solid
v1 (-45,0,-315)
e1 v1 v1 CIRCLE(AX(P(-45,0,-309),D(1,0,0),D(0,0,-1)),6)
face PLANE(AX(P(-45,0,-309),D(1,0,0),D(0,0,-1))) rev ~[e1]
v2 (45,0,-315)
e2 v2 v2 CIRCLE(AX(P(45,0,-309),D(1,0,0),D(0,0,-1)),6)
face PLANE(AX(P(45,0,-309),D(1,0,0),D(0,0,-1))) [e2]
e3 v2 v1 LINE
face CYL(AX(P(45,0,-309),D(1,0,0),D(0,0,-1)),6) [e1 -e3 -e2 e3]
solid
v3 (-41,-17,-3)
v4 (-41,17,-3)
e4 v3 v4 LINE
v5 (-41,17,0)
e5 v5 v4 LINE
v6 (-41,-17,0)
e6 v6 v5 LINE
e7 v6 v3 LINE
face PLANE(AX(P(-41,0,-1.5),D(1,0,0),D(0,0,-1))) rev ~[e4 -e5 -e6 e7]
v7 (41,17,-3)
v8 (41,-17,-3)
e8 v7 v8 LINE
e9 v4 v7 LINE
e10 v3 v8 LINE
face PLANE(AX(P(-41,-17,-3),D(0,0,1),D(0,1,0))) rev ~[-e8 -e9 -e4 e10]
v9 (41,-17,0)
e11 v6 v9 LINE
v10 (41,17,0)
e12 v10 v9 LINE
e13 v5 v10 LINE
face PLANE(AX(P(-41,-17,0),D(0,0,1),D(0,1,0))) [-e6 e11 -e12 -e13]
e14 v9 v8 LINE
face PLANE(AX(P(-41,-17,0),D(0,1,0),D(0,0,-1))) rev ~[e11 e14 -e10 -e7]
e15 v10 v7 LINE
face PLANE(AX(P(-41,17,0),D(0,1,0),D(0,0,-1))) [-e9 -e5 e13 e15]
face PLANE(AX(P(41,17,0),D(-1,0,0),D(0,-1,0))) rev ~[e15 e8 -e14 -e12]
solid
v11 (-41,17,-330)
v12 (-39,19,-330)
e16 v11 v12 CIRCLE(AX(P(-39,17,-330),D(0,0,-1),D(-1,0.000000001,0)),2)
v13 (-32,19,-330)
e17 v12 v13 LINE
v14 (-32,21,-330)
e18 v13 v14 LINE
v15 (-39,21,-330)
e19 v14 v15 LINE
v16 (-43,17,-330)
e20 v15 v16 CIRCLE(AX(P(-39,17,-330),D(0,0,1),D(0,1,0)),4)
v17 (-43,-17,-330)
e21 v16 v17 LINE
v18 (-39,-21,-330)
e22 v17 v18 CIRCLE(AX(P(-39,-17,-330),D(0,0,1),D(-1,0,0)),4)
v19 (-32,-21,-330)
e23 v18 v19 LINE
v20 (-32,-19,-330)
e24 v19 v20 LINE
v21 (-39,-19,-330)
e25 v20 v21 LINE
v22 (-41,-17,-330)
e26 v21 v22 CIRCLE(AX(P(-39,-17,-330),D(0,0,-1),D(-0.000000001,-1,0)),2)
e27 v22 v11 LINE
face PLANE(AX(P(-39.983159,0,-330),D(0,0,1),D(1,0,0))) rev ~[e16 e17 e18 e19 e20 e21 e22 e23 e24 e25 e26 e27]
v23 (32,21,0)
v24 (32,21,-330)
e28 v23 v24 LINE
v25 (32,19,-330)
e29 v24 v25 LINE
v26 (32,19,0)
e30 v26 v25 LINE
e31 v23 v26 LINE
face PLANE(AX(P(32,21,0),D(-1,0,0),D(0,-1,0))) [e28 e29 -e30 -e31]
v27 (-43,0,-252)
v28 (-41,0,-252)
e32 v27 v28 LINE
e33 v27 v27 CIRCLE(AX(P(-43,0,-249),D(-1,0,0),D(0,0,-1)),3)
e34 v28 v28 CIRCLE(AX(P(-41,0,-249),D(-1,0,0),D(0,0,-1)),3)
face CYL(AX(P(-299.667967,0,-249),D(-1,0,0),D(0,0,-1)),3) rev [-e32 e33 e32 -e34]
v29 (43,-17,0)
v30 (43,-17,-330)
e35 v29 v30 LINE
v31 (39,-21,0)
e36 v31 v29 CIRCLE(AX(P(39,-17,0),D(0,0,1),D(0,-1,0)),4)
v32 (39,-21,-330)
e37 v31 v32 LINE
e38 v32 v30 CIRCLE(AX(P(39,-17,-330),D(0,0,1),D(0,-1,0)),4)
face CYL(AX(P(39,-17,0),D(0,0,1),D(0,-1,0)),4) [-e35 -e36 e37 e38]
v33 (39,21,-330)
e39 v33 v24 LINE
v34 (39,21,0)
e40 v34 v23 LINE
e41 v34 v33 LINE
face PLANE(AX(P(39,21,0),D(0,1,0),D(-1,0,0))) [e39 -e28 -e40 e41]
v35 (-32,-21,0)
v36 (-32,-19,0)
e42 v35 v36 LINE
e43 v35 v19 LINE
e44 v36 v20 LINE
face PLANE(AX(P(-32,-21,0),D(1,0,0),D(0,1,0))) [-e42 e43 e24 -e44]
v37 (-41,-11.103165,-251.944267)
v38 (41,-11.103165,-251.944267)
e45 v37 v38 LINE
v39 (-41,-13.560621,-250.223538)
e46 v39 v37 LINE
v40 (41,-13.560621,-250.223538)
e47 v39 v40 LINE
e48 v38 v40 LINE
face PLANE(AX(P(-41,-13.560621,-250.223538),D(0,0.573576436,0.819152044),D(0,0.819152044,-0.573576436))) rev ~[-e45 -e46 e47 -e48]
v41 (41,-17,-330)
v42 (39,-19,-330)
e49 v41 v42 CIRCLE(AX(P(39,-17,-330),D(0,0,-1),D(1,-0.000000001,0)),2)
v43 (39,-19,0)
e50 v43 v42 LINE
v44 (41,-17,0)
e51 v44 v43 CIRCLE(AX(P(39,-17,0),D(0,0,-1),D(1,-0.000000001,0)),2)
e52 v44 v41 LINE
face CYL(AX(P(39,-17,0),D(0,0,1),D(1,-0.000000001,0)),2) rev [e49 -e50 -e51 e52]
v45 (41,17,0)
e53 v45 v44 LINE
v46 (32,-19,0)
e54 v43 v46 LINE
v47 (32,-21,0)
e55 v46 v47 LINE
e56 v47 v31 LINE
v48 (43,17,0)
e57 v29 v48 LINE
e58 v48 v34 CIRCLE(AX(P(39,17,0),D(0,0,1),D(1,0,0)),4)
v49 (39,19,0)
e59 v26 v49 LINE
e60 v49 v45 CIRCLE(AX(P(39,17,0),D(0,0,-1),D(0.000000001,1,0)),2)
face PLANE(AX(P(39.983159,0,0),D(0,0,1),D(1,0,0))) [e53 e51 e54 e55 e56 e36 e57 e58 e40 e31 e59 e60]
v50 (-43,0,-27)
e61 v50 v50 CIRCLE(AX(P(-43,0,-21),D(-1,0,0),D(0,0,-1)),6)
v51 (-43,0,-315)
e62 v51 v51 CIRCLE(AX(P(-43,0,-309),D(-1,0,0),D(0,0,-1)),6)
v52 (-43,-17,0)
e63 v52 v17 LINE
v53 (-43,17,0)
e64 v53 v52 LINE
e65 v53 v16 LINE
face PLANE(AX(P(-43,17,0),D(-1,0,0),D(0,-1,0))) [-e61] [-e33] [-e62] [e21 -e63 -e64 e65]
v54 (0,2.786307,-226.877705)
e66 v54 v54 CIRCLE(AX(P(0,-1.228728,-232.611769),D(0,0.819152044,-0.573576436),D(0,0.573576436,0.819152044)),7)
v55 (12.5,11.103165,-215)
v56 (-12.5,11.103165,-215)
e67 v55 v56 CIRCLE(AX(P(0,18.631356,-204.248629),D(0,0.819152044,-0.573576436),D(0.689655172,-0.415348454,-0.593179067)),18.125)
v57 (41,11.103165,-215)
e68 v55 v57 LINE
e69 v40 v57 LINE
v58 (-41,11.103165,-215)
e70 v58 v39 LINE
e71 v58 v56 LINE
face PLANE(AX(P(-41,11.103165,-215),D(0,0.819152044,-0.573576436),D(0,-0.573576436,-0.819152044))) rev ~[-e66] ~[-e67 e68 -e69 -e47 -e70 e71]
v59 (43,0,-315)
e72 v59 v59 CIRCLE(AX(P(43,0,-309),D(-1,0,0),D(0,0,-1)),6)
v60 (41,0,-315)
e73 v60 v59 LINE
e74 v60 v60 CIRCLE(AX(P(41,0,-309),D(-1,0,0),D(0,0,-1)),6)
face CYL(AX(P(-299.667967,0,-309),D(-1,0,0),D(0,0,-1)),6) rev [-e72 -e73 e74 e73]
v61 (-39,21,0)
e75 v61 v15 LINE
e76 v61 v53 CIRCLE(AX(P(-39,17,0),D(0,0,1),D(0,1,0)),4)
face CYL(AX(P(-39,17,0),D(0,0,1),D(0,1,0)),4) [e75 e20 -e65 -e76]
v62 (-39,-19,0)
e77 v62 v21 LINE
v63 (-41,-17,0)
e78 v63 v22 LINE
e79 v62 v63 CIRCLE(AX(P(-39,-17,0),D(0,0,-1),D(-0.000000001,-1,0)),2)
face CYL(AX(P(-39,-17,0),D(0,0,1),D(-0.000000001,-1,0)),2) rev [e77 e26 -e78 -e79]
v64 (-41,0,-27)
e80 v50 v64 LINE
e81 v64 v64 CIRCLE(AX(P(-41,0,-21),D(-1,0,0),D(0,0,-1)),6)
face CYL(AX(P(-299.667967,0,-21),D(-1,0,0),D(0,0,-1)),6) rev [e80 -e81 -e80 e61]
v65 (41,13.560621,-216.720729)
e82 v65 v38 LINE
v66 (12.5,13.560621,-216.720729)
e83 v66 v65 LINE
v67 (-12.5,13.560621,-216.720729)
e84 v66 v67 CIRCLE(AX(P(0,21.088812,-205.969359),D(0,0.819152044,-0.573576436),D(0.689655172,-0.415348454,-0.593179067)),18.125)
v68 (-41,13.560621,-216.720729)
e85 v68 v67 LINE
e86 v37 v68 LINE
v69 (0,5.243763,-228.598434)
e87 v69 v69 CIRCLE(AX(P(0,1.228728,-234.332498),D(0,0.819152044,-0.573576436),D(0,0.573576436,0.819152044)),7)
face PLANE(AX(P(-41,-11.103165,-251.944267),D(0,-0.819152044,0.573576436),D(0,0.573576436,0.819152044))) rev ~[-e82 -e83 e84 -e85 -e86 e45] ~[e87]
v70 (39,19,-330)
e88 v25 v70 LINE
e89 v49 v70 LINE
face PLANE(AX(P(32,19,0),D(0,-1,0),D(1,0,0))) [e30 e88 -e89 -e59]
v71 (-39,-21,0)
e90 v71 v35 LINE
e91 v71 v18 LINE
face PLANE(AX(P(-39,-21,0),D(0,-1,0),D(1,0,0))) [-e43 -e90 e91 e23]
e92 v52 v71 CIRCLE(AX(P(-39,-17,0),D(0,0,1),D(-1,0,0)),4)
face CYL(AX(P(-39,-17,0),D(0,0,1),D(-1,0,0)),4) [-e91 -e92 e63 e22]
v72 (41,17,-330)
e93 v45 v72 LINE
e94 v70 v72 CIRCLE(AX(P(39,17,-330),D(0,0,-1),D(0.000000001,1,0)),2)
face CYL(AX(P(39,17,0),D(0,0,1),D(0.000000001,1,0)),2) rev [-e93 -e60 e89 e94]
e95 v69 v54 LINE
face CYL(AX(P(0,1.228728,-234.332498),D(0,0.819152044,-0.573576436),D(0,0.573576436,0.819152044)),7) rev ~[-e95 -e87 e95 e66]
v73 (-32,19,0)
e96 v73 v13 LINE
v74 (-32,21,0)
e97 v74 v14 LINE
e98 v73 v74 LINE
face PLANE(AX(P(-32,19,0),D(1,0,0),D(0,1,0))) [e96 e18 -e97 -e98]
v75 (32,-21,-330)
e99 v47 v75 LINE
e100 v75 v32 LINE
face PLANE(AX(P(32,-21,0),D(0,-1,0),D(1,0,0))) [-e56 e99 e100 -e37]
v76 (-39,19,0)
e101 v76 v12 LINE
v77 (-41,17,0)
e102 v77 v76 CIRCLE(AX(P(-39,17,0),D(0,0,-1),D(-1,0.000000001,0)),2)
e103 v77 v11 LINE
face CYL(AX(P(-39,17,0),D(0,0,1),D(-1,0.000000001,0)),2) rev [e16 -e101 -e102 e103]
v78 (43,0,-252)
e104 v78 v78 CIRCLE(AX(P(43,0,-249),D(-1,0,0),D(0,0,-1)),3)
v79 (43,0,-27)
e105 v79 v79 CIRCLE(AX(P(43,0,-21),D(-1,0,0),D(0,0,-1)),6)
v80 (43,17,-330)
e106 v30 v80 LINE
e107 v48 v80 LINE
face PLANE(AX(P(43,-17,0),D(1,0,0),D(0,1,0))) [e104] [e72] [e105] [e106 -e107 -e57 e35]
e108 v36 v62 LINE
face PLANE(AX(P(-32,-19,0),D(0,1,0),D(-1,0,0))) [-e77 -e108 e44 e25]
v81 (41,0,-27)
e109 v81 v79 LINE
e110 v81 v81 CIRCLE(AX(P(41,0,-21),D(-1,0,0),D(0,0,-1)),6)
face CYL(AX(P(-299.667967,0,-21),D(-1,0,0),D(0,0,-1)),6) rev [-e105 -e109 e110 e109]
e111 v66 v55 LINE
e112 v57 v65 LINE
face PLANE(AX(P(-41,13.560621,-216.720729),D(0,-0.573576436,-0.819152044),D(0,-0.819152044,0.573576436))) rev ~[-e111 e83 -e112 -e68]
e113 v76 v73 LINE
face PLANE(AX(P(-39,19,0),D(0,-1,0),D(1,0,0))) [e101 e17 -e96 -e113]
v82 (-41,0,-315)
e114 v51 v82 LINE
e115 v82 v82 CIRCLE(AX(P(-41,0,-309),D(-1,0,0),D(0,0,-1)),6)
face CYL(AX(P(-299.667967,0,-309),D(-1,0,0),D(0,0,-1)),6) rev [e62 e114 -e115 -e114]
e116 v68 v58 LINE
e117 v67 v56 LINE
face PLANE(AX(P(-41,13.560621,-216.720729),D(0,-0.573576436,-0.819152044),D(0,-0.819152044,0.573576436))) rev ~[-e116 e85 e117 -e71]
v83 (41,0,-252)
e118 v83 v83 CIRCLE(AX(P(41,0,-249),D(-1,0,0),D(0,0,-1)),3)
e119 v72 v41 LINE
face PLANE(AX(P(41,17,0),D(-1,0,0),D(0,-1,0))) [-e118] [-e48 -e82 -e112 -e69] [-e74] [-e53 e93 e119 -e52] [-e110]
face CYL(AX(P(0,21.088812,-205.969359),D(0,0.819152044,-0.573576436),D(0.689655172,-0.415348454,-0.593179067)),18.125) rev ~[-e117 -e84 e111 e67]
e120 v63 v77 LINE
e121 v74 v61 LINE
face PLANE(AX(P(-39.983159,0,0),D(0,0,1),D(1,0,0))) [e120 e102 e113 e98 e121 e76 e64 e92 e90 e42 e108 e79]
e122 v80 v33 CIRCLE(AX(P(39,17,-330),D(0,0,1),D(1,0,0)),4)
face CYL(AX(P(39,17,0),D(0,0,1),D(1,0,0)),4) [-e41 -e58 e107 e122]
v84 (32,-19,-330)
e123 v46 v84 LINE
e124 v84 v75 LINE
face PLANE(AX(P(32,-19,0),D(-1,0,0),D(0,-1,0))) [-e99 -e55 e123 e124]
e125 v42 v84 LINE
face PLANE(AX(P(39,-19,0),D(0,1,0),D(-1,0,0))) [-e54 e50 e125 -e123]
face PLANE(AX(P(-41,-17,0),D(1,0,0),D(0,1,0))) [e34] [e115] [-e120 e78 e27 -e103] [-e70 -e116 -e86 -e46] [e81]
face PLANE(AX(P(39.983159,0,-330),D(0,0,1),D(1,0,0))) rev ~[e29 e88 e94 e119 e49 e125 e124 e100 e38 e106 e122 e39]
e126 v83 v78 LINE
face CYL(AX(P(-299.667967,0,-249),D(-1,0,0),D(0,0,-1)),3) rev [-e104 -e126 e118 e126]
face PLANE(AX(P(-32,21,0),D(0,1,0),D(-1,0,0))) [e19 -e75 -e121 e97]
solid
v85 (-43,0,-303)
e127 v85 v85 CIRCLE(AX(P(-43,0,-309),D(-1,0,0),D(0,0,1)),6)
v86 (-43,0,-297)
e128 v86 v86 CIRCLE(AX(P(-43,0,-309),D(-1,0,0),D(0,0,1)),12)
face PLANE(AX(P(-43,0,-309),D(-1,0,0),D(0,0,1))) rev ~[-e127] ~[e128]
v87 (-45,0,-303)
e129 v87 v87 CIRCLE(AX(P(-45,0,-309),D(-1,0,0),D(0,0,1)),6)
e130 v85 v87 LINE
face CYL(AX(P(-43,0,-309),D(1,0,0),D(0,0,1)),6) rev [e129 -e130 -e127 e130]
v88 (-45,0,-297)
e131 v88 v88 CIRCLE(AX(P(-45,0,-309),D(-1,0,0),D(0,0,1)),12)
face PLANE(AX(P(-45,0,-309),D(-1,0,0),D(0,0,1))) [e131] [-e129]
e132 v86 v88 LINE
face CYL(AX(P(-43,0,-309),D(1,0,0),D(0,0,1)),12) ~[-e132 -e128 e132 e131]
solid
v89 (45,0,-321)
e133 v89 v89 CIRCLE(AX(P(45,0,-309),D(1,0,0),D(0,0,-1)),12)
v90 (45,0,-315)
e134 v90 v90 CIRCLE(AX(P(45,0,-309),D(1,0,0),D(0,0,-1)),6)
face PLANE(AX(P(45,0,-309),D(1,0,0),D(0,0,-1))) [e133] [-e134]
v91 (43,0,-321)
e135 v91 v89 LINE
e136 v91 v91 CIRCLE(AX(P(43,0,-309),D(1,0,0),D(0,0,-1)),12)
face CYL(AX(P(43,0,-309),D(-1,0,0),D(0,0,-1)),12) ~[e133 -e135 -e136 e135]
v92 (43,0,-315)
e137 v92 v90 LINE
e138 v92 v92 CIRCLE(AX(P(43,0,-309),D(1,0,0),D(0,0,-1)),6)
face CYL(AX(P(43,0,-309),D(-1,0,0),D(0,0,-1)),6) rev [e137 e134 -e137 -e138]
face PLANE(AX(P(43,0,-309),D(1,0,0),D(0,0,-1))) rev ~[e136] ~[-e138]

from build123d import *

# Parameters (mm, degrees)
EXTRUDE_1_DEPTH          = 330
EXTRUDE_1_2_DEPTH        = 330
EXTRUDE_2_REACH          = 343.17
SKETCH_3_W               = 3
SKETCH_3_H               = 34
EXTRUDE_3_REACH          = 343.17
CUT_EXTRUDE_1_DEPTH      = 342.667967477
CUT_EXTRUDE_1_DEPTH_BACK = 342.667967477
SKETCH_5_R               = 6
SKETCH_5_R_2             = 3
SKETCH_6_R               = 7
CUT_EXTRUDE_2_DEPTH      = 3
SKETCH_7_R               = 12
SKETCH_7_R_2             = 6
EXTRUDE_4_DEPTH          = 2
SKETCH_8_R               = 6
EXTRUDE_5_DEPTH          = 90
SKETCH_9_R               = 12
SKETCH_9_R_2             = 6
EXTRUDE_6_DEPTH          = 2


with BuildPart() as part:
    # Эскиз2 → Бобышка-Вытянуть1 (new body)
    with BuildSketch(Plane.XY):
        with BuildLine():
            Line((43, -17), (43, 17))
            ThreePointArc((43, 17), (41.828427125, 19.828427125), (39, 21))
            Line((39, 21), (32, 21))
            Line((32, 21), (32, 19))
            Line((32, 19), (39, 19))
            ThreePointArc((39, 19), (40.414213562, 18.414213562), (41, 17))
            Line((41, 17), (41, -17))
            ThreePointArc((41, -17), (40.414213562, -18.414213562), (39, -19))
            Line((39, -19), (32, -19))
            Line((32, -19), (32, -21))
            Line((32, -21), (39, -21))
            ThreePointArc((39, -21), (41.828427125, -19.828427125), (43, -17))
        make_face()
    extrude(amount=-EXTRUDE_1_DEPTH)


with BuildPart() as body_2:
    # Эскиз2 → Extrude 1 2 (new body)
    with BuildSketch(Plane.XY):
        with BuildLine():
            Line((-32, 19), (-32, 21))
            Line((-32, 21), (-39, 21))
            ThreePointArc((-39, 21), (-41.828427125, 19.828427125), (-43, 17))
            Line((-43, 17), (-43, -17))
            ThreePointArc((-43, -17), (-41.828427125, -19.828427125), (-39, -21))
            Line((-39, -21), (-32, -21))
            Line((-32, -21), (-32, -19))
            Line((-32, -19), (-39, -19))
            ThreePointArc((-39, -19), (-40.414213562, -18.414213562), (-41, -17))
            Line((-41, -17), (-41, 17))
            ThreePointArc((-41, 17), (-40.414213562, 18.414213562), (-39, 19))
            Line((-39, 19), (-32, 19))
        make_face()
    extrude(amount=-EXTRUDE_1_2_DEPTH)


with BuildPart() as body_3:

    # Эскиз3 → Бобышка-Вытянуть2 (new, up to next)
    with BuildSketch(Plane(origin=(-41, 0, 0), x_dir=(0, 0, -1), z_dir=(1, 0, 0)), mode=Mode.PRIVATE) as extrude_2_sk1:
        with Locations((1.5, 0)):
            Rectangle(SKETCH_3_W, SKETCH_3_H)
    extrude_2_tool1 = extrude(extrude_2_sk1.sketch, amount=EXTRUDE_2_REACH, mode=Mode.PRIVATE) - part.part
    add(extrude_2_tool1.solids().sort_by_distance((-41, 0, -1.5))[0])


with BuildPart() as part_1:
    add(part.part)

    # Эскиз4 → Бобышка-Вытянуть3 (add, up to next)
    with BuildSketch(Plane(origin=(-41, 0, 0), x_dir=(0, 0, -1), z_dir=(1, 0, 0)), mode=Mode.PRIVATE) as extrude_3_sk1:
        Polygon((215, 11.103165315), (250.223537904, -13.560621448), (251.944267213, -11.103165315), (216.720729309, 13.560621448), align=None)
    extrude_3_tool1 = extrude(extrude_3_sk1.sketch, amount=EXTRUDE_3_REACH, mode=Mode.PRIVATE) - part_1.part

    add(body_2.part)  # Бобышка-Вытянуть3 merges body 2
    add(extrude_3_tool1.solids().sort_by_distance((-41, 0, -233.472134))[0])

    # Эскиз5 → Вырез-Вытянуть1 (cut, two sides: drawn at the far end of the back side and taken through both)
    with BuildSketch(Plane(origin=(43, 0, 0), x_dir=(0, 0, -1), z_dir=(1, 0, 0)).offset(-CUT_EXTRUDE_1_DEPTH_BACK)):
        with Locations((309, 0)):
            Circle(SKETCH_5_R)
        with Locations((21, 0)):
            Circle(SKETCH_5_R)
        with Locations((249, 0)):
            Circle(SKETCH_5_R_2)
    extrude(amount=CUT_EXTRUDE_1_DEPTH + CUT_EXTRUDE_1_DEPTH_BACK, mode=Mode.SUBTRACT)

    # Эскиз6 → Вырез-Вытянуть2 (cut)
    with BuildSketch(Plane(origin=(0, 110.924748621, -77.670345159), x_dir=(1, 0, 0), z_dir=(0, 0.8191520442889955, -0.5735764363510407))):
        with Locations(Location((0, 191.249175528, 0), (0, 0, 270))):
            Circle(SKETCH_6_R)
        with BuildLine():
            Line((-12.5, 169.749175528), (12.5, 169.749175528))
            ThreePointArc((12.5, 169.749175528), (0, 174.749175528), (-12.5, 169.749175528))
        make_face()
    extrude(amount=-CUT_EXTRUDE_2_DEPTH, mode=Mode.SUBTRACT)


with BuildPart() as body_3_2:
    # Эскиз7 → Бобышка-Вытянуть4 (new body)
    with BuildSketch(Plane(origin=(43, 0, 0), x_dir=(0, 0, -1), z_dir=(1, 0, 0))):
        with Locations((309, 0)):
            Circle(SKETCH_7_R)
        with Locations((309, 0)):
            Circle(SKETCH_7_R_2, mode=Mode.SUBTRACT)
    extrude(amount=EXTRUDE_4_DEPTH)


with BuildPart() as body_4:
    # Эскиз8 → Бобышка-Вытянуть5 (new body)
    with BuildSketch(Plane(origin=(45, 0, 0), x_dir=(0, 0, -1), z_dir=(1, 0, 0))):
        with Locations((309, 0)):
            Circle(SKETCH_8_R)
    extrude(amount=-EXTRUDE_5_DEPTH)


with BuildPart() as body_5:
    # Эскиз9 → Бобышка-Вытянуть6 (new body)
    with BuildSketch(Plane.ZY.offset(43)):
        with Locations((-309, 0)):
            Circle(SKETCH_9_R)
        with Locations((-309, 0)):
            Circle(SKETCH_9_R_2, mode=Mode.SUBTRACT)
    extrude(amount=EXTRUDE_6_DEPTH)


solid = Compound([body_3.part, part_1.part, body_3_2.part, body_4.part, body_5.part])
